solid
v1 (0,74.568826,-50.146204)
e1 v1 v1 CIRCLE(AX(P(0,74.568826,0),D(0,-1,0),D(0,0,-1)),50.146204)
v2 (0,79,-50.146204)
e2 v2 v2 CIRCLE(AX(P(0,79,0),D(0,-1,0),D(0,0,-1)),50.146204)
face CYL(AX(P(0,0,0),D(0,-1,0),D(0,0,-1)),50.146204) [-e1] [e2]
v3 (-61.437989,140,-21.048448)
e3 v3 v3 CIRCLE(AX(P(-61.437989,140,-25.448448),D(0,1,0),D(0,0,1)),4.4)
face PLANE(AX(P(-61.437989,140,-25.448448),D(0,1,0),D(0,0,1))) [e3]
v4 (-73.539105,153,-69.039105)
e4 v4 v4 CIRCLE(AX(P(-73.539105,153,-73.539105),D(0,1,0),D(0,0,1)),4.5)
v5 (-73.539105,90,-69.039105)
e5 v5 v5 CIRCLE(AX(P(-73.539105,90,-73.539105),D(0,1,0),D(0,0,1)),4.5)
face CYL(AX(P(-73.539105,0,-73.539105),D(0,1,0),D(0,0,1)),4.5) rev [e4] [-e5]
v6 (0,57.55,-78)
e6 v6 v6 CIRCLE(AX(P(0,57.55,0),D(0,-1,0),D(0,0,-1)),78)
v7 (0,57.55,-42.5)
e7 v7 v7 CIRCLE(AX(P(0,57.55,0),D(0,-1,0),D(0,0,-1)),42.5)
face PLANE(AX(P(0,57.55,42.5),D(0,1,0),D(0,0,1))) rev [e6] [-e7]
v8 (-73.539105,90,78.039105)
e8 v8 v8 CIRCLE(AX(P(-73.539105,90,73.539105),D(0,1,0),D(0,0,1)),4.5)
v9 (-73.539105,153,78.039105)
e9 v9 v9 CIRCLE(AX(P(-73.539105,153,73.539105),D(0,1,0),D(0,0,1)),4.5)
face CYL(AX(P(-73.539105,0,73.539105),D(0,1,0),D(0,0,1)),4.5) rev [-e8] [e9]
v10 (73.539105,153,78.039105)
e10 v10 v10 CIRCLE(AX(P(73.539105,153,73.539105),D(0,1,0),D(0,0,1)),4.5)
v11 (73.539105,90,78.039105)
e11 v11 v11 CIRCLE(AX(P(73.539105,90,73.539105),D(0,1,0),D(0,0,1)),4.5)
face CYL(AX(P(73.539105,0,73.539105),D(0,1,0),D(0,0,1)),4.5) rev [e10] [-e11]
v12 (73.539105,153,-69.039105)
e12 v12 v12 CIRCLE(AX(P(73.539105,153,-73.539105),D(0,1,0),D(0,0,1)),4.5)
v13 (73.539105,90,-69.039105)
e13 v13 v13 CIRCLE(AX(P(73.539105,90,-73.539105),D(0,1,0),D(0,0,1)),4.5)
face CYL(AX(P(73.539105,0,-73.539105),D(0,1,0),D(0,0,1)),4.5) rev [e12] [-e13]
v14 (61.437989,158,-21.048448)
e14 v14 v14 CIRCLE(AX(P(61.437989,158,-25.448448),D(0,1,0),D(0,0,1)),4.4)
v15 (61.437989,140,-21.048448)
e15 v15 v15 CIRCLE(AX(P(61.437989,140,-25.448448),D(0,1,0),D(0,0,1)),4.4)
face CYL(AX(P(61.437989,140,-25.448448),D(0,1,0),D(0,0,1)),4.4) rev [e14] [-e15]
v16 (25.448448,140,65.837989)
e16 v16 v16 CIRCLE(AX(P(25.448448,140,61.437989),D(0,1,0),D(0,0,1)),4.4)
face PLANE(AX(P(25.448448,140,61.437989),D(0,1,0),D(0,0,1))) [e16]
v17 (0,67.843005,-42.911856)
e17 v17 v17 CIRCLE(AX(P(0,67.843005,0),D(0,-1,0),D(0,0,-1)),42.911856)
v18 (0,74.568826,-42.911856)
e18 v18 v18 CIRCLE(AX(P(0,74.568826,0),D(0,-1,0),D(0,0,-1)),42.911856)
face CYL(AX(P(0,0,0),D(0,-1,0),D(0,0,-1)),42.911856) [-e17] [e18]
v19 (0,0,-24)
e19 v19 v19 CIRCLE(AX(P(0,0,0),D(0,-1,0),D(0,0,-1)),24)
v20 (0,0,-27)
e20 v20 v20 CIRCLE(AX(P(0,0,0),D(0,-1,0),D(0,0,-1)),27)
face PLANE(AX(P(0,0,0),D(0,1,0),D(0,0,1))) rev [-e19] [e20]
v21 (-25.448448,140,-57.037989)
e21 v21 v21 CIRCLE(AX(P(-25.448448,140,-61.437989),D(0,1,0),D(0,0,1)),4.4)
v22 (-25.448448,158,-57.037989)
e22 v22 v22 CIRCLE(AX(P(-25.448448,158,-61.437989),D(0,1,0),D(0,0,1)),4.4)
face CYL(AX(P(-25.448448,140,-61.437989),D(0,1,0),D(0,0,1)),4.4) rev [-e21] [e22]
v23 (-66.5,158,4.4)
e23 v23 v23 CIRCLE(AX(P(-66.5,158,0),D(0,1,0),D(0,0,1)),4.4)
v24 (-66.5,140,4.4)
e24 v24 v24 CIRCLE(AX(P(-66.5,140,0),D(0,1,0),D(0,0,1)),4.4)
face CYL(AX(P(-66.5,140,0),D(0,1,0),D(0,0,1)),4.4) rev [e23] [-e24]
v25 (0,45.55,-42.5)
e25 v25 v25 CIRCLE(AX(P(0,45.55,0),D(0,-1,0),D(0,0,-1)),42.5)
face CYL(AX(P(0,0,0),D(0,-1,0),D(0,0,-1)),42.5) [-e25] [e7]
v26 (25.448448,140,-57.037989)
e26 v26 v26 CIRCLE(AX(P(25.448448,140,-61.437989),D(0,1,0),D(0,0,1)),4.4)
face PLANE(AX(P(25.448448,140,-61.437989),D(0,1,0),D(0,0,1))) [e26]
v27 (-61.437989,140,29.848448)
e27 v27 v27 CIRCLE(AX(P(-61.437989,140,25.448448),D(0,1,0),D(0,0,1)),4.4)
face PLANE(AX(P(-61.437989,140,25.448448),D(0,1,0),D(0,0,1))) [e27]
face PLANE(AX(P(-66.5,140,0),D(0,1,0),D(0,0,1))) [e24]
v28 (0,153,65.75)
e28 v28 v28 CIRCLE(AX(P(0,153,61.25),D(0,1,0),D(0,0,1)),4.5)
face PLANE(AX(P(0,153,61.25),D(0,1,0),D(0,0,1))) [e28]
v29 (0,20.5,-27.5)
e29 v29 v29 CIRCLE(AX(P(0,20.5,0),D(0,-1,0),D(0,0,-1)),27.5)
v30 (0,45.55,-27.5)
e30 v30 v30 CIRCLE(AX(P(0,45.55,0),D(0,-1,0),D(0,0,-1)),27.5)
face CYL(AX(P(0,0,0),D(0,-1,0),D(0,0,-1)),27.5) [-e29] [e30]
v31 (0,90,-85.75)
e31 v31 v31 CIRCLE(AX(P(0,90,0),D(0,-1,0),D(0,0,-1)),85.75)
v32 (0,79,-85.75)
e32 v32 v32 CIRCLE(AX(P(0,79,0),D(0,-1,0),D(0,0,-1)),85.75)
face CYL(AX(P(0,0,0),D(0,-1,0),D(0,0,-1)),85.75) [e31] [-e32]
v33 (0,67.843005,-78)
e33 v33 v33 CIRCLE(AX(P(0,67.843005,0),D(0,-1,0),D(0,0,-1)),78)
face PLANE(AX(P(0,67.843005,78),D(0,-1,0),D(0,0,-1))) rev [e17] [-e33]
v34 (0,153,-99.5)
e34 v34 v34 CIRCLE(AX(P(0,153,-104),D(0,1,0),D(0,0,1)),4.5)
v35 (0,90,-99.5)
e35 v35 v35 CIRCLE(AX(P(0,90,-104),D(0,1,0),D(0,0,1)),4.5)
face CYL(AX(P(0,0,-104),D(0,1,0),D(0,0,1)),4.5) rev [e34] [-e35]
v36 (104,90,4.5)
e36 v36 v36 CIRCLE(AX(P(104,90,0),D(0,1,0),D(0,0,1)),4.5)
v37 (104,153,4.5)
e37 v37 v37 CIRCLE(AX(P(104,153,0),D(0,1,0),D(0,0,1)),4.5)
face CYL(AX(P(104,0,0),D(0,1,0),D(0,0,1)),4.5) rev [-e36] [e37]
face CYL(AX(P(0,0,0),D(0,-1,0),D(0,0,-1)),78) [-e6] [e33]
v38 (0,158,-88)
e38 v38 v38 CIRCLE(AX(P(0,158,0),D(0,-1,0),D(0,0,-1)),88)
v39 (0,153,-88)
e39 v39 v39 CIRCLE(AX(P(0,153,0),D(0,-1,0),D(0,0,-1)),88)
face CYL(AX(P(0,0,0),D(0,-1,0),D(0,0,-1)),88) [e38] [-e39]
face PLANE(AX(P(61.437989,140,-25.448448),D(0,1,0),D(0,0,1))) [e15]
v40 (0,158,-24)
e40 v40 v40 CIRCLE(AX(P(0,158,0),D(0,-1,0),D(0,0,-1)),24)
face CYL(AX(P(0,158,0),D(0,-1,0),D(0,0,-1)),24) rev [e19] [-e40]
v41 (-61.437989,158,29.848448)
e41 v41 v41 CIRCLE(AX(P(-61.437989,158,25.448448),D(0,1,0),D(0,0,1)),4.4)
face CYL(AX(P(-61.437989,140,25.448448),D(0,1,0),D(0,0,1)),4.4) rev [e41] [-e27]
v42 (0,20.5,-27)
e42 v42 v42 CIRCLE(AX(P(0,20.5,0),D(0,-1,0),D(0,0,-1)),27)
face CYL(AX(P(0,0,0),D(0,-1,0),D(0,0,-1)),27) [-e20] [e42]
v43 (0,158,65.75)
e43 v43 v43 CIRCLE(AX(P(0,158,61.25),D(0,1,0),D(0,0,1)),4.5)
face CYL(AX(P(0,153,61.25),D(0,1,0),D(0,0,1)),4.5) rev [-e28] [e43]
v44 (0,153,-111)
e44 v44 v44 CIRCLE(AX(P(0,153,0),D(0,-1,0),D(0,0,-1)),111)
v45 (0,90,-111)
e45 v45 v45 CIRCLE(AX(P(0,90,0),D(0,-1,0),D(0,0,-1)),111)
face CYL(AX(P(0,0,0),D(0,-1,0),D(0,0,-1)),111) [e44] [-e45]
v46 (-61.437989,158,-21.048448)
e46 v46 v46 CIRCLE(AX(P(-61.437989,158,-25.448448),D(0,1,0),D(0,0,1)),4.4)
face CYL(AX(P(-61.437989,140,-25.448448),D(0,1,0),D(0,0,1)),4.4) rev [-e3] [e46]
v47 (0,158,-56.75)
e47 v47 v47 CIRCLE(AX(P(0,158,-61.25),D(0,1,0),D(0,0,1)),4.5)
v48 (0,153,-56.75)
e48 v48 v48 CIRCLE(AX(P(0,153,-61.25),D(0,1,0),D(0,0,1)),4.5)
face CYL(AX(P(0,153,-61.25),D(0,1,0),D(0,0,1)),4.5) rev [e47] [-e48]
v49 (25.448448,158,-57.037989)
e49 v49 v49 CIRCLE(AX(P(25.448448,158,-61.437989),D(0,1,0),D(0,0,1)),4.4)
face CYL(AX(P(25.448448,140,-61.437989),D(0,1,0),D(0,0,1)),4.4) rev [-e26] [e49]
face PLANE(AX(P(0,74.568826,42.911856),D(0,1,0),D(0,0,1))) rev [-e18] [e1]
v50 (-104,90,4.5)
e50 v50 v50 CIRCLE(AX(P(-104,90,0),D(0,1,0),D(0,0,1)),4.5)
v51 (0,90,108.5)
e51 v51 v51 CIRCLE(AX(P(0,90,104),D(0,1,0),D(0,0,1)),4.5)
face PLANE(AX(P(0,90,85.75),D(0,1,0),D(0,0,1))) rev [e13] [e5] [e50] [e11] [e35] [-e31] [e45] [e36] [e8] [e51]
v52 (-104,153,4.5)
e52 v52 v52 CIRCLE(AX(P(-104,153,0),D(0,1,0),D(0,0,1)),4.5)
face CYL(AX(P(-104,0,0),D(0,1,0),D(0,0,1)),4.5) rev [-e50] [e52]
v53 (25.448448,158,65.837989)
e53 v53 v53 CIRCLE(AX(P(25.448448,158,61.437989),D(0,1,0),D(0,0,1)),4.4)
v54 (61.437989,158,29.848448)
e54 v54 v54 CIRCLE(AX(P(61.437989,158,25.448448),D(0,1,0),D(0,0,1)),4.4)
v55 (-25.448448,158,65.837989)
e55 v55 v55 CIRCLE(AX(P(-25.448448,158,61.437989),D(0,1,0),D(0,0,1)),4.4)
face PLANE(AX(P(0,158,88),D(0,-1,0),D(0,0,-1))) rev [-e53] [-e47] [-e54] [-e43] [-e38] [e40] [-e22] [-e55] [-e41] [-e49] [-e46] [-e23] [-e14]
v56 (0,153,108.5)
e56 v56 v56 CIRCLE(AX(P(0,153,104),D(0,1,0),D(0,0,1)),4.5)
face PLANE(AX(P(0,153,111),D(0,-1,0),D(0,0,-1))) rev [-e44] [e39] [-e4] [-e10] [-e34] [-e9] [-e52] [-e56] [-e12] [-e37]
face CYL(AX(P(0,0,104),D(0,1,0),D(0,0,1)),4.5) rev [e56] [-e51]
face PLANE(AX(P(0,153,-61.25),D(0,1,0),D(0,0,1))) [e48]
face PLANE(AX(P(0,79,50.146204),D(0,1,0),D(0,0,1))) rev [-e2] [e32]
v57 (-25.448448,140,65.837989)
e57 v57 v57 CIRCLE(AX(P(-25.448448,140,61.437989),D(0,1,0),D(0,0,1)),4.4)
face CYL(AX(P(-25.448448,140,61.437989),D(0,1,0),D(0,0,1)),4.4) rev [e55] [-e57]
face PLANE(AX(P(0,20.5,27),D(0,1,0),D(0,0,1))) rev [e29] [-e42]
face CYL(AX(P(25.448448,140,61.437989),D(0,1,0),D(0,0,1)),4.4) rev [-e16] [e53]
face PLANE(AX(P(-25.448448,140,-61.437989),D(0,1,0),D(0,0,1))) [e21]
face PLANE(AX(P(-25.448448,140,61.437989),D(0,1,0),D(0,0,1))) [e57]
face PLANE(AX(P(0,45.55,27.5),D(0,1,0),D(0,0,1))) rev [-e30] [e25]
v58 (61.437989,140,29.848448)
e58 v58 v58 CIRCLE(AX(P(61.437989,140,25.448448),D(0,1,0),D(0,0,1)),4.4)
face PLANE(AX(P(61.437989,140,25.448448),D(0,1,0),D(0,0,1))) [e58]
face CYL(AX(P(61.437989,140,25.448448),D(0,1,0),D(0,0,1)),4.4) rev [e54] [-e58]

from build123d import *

# Parameters (mm, degrees)
SKETCH2_R          = 4.5
CUT_EXTRUDE1_DEPTH = 220.205383146
SKETCH4_R          = 4.4
CUT_EXTRUDE3_DEPTH = 18
SKETCH5_R          = 4.5
CUT_EXTRUDE4_DEPTH = 5
SKETCH6_R          = 24
CUT_EXTRUDE5_DEPTH = 223.724044504


with BuildPart() as part:
    # Sketch1 → Revolve1 (revolve)
    with BuildSketch(Plane(origin=(0, 0, 0), x_dir=(0, 0, -1), z_dir=(1, 0, 0)), mode=Mode.PRIVATE) as revolve1_sk:
        Polygon((0, 0), (-27, 0), (-27, 20.5), (-27.5, 20.5), (-27.5, 45.55), (-42.5, 45.55), (-42.5, 57.55), (-78, 57.55), (-78, 67.843005088), (-42.911855869, 67.843005088), (-42.911855869, 74.568826386), (-50.146203661, 74.568826386), (-50.146203661, 79), (-85.75, 79), (-85.75, 90), (-111, 90), (-111, 153), (-88, 153), (-88, 158), (0, 158), align=None)
    revolve(revolve1_sk.sketch.rotate(Axis((0, 0, 0), (0, 1, 0)), 180), axis=Axis((0, 0, 0), (0, 1, 0)))

    # Sketch2 → Cut-Extrude1 (cut, through all)
    with BuildSketch(Plane(origin=(0, 153, 0), x_dir=(1, 0, 0), z_dir=(0, 1, 0))):
        with Locations(Location((-104, 0, 0), (0, 0, 270))):
            Circle(SKETCH2_R)
        with Locations(Location((-73.539105243, 73.539105243, 0), (0, 0, 270))):
            Circle(SKETCH2_R)
        with Locations(Location((0, 104, 0), (0, 0, 270))):
            Circle(SKETCH2_R)
        with Locations(Location((73.539105243, 73.539105243, 0), (0, 0, 270))):
            Circle(SKETCH2_R)
        with Locations(Location((104, 0, 0), (0, 0, 270))):
            Circle(SKETCH2_R)
        with Locations(Location((73.539105243, -73.539105243, 0), (0, 0, 270))):
            Circle(SKETCH2_R)
        with Locations(Location((0, -104, 0), (0, 0, 270))):
            Circle(SKETCH2_R)
        with Locations(Location((-73.539105243, -73.539105243, 0), (0, 0, 270))):
            Circle(SKETCH2_R)
    extrude(amount=-CUT_EXTRUDE1_DEPTH, mode=Mode.SUBTRACT)

    # Sketch4 → Cut-Extrude3 (cut)
    with BuildSketch(Plane(origin=(0, 158, 0), x_dir=(1, 0, 0), z_dir=(0, 1, 0))):
        with Locations(Location((-66.5, 0, 0), (0, 0, 270))):
            Circle(SKETCH4_R)
        with Locations(Location((-61.437988912, 25.448448252, 0), (0, 0, 270))):
            Circle(SKETCH4_R)
        with Locations(Location((-25.448448252, 61.437988912, 0), (0, 0, 270))):
            Circle(SKETCH4_R)
        with Locations(Location((25.448448252, 61.437988912, 0), (0, 0, 270))):
            Circle(SKETCH4_R)
        with Locations(Location((61.437988912, 25.448448252, 0), (0, 0, 270))):
            Circle(SKETCH4_R)
        with Locations(Location((61.437988912, -25.448448252, 0), (0, 0, 270))):
            Circle(SKETCH4_R)
        with Locations(Location((25.448448252, -61.437988912, 0), (0, 0, 270))):
            Circle(SKETCH4_R)
        with Locations(Location((-25.448448252, -61.437988912, 0), (0, 0, 270))):
            Circle(SKETCH4_R)
        with Locations(Location((-61.437988912, -25.448448252, 0), (0, 0, 270))):
            Circle(SKETCH4_R)
    extrude(amount=-CUT_EXTRUDE3_DEPTH, mode=Mode.SUBTRACT)

    # Sketch5 → Cut-Extrude4 (cut)
    with BuildSketch(Plane(origin=(0, 158, 0), x_dir=(1, 0, 0), z_dir=(0, 1, 0))):
        with Locations(Location((0, -61.25, 0), (0, 0, 270))):
            Circle(SKETCH5_R)
        with Locations(Location((0, 61.25, 0), (0, 0, 270))):
            Circle(SKETCH5_R)
    extrude(amount=-CUT_EXTRUDE4_DEPTH, mode=Mode.SUBTRACT)

    # Sketch6 → Cut-Extrude5 (cut, through all)
    with BuildSketch(Plane.XZ):
        with Locations(Location((0, 0, 0), (0, 0, 270))):
            Circle(SKETCH6_R)
    extrude(amount=-CUT_EXTRUDE5_DEPTH, mode=Mode.SUBTRACT)


solid = part.part
